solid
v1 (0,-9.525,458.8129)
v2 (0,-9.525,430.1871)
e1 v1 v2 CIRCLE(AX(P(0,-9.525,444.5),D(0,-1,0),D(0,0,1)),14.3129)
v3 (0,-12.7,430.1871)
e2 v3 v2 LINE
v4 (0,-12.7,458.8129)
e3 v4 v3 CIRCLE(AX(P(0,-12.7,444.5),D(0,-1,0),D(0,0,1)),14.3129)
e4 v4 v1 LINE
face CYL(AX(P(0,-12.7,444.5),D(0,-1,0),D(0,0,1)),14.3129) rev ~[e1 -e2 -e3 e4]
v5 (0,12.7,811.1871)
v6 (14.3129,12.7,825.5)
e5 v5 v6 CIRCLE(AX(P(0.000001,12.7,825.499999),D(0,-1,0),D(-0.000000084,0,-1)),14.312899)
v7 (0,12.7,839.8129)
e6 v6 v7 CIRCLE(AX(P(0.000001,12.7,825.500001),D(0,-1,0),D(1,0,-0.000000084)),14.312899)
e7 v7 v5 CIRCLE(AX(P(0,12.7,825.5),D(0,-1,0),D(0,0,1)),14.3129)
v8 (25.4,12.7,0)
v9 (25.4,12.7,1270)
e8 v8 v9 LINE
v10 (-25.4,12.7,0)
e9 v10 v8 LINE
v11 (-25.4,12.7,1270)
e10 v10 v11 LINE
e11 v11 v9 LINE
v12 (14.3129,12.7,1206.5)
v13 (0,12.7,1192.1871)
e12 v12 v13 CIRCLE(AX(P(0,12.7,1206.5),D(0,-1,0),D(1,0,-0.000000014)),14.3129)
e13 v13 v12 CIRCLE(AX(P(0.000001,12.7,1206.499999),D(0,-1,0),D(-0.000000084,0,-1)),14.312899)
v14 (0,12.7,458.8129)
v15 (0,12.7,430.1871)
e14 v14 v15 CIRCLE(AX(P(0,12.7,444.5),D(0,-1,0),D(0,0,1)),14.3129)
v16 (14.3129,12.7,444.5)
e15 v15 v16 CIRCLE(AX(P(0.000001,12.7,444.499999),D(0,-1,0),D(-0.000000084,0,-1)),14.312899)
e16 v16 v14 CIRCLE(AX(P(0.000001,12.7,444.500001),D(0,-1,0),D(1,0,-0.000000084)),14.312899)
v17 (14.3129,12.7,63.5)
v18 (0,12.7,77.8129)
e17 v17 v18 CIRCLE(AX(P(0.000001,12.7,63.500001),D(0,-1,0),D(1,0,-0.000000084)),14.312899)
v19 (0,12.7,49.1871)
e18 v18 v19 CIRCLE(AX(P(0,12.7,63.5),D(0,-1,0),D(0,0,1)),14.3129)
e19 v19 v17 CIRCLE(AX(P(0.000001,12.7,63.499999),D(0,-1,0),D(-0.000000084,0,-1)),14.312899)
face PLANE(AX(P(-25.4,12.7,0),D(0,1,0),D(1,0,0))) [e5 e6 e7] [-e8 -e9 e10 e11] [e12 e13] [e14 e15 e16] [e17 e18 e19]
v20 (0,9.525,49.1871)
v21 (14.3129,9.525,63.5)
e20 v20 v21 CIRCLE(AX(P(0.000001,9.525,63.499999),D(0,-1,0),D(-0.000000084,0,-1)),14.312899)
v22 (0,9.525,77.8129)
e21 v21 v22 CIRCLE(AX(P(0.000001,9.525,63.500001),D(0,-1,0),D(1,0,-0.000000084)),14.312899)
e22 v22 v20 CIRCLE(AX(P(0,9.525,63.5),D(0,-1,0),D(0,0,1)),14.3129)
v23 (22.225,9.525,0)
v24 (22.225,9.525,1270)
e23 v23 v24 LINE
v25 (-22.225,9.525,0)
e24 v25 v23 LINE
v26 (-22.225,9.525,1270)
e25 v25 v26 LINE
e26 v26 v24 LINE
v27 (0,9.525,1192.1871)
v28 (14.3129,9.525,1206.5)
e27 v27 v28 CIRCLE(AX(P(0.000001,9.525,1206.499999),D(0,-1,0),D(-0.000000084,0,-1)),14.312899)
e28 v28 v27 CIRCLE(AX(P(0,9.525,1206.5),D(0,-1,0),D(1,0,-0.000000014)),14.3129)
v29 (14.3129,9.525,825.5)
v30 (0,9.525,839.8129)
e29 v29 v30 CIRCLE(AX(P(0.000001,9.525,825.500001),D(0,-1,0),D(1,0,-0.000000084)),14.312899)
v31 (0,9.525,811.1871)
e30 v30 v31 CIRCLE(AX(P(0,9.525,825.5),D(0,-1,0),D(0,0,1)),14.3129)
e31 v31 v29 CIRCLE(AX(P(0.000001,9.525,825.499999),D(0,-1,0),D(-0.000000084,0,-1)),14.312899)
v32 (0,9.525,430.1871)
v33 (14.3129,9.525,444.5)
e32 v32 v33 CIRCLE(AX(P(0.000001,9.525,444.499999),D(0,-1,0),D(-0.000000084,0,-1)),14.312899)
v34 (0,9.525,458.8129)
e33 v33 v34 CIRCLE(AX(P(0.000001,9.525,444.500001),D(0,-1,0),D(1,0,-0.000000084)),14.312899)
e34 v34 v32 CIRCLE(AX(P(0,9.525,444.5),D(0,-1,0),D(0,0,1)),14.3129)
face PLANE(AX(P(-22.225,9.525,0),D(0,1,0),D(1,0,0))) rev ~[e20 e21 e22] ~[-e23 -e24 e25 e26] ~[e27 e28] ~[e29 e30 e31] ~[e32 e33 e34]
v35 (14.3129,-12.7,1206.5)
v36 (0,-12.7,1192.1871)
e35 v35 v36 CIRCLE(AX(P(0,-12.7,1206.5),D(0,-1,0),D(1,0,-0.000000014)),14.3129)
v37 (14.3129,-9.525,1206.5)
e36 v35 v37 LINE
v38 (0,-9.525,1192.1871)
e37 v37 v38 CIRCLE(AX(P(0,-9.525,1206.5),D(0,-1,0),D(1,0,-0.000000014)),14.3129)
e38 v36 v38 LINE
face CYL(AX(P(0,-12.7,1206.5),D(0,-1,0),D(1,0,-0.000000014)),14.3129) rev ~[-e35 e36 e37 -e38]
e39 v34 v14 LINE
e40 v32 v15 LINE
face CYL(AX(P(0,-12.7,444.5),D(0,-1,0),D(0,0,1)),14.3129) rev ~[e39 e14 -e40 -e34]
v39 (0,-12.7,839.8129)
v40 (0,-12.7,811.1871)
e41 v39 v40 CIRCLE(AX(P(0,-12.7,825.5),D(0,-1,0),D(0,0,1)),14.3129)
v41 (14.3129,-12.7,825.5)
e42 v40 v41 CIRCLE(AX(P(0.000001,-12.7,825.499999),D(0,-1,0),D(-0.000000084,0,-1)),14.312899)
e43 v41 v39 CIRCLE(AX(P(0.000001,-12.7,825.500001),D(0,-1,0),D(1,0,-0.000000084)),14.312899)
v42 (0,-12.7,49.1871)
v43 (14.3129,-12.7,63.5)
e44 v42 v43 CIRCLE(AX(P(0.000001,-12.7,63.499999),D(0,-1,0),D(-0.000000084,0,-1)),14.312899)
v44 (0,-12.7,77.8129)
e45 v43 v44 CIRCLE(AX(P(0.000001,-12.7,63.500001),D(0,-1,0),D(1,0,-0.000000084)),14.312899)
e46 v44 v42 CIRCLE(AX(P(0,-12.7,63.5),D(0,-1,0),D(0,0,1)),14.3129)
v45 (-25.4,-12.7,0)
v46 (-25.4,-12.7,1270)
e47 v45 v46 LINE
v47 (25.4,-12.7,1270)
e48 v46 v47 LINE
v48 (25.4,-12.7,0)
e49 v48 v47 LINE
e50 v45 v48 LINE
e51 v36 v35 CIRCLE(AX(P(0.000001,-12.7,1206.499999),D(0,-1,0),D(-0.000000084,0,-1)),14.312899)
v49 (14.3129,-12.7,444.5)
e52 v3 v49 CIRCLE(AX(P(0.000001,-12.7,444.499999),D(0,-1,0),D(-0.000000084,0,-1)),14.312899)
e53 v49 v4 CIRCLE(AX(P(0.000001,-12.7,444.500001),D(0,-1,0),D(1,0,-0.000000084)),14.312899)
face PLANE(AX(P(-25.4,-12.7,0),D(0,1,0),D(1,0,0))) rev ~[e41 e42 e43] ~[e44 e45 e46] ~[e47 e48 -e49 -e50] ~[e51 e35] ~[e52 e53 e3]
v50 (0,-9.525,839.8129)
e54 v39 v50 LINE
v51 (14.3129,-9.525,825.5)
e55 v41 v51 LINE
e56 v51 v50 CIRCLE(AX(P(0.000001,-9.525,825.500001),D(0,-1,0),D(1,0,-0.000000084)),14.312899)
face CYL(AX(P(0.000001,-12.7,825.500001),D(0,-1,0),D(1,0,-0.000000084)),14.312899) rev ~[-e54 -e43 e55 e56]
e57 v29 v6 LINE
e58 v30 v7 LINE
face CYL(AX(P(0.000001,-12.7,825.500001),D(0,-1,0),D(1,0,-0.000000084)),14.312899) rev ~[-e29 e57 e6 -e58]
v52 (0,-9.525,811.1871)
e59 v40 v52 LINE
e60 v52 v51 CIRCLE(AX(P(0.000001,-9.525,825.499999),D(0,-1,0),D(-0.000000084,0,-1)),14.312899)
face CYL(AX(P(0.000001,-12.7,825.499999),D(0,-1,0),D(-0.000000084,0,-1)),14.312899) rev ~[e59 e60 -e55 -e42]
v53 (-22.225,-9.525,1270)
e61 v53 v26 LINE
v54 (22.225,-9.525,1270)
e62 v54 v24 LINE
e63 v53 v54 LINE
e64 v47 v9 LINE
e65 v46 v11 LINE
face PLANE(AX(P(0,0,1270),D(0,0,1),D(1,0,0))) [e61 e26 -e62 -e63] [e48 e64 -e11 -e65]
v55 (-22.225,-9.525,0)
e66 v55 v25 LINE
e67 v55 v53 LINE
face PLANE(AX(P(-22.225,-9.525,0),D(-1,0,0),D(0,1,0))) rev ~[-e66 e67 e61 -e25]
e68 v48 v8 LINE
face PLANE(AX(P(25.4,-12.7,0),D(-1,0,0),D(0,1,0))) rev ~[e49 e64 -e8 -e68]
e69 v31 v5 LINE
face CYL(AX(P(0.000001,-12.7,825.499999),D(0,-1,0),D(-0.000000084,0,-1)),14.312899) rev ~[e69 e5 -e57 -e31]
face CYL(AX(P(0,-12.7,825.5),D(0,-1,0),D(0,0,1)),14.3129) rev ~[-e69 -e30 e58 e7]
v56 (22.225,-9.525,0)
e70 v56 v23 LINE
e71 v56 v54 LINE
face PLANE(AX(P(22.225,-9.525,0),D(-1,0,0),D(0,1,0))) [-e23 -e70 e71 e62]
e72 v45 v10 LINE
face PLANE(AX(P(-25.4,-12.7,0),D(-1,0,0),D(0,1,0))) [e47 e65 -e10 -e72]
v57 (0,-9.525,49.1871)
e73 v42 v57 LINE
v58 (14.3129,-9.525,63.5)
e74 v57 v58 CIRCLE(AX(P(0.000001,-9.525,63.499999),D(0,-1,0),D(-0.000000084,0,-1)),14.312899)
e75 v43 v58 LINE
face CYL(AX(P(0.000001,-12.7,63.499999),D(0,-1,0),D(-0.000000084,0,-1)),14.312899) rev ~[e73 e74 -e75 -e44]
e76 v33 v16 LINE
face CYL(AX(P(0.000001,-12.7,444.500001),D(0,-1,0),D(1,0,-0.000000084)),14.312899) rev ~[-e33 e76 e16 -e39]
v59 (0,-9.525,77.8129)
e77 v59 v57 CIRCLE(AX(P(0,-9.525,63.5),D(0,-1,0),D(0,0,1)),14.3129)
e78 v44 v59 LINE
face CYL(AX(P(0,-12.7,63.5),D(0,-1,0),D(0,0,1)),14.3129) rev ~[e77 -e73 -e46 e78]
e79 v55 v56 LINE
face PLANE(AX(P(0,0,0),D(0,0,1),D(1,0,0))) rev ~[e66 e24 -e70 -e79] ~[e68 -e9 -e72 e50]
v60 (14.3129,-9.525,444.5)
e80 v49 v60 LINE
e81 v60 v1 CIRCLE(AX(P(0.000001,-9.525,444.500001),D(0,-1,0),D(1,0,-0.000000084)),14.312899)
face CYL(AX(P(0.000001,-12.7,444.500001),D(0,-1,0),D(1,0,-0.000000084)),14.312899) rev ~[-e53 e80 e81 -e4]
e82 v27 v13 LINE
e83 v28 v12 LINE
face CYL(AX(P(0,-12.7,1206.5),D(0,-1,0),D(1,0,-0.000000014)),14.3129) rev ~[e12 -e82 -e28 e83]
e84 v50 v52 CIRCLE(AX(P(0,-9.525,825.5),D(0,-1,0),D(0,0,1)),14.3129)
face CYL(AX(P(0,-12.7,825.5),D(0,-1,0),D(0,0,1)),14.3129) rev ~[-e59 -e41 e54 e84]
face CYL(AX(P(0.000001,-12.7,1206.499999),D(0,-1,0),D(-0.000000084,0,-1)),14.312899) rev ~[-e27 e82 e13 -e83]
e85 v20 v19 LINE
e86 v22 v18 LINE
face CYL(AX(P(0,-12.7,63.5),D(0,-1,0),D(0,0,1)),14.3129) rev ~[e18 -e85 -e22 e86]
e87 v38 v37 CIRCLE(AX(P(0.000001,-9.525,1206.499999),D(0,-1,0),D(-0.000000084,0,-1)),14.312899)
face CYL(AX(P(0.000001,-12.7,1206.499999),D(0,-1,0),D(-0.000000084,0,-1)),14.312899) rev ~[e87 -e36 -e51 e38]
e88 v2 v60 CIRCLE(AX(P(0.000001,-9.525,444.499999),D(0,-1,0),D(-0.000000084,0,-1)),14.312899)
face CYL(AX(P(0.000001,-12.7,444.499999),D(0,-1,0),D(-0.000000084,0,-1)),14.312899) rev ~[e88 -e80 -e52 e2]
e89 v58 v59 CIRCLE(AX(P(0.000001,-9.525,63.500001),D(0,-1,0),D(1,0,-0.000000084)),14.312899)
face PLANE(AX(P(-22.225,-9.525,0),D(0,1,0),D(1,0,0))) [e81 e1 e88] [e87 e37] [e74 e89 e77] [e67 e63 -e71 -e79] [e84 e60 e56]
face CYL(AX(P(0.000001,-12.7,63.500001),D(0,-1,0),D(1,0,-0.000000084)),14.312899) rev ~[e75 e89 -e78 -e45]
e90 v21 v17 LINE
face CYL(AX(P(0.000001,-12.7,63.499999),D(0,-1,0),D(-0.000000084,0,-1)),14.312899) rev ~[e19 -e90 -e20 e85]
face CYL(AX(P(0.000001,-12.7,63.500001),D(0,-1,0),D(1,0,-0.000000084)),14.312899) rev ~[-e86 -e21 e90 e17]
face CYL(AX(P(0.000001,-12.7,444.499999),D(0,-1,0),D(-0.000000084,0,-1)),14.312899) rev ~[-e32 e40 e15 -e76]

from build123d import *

# Parameters (mm, degrees)
F0_W     = 50.8
F0_H     = 25.4
F0_W_2   = 44.45
F0_H_2   = 19.05
F1_DEPTH = 1270
F3_DEPTH = 25.4


with BuildPart() as f1:
    # F0 (on Top) → F1 (new body)
    with BuildSketch(Plane.XY):
        Rectangle(F0_W, F0_H)
        Rectangle(F0_W_2, F0_H_2, mode=Mode.SUBTRACT)
    extrude(amount=F1_DEPTH)

    # F2 (on face) → F3 (cut)
    with BuildSketch(Plane.XZ.offset(12.7)):
        with BuildLine():
            ThreePointArc((14.3129, 1206.5), (-10.120749, 1216.620749), (0, 1192.1871))
            ThreePointArc((0, 1192.1871), (10.120749, 1196.379251), (14.3129, 1206.5))
        make_face()
        with BuildLine():
            Line((0, 825.5), (0, 811.1871))
            ThreePointArc((0, 811.1871), (10.120749, 815.379251), (14.3129, 825.5))
            ThreePointArc((14.3129, 825.5), (10.120749, 835.620749), (0, 839.8129))
            Line((0, 839.8129), (0, 825.5))
        make_face()
        with BuildLine():
            ThreePointArc((0, 839.8129), (-14.3129, 825.5), (0, 811.1871))
            Line((0, 811.1871), (0, 825.5))
            Line((0, 825.5), (0, 839.8129))
        make_face()
        with BuildLine():
            Line((0, 444.5), (0, 430.1871))
            ThreePointArc((0, 430.1871), (10.120749, 434.379251), (14.3129, 444.5))
            ThreePointArc((14.3129, 444.5), (10.120749, 454.620749), (0, 458.8129))
            Line((0, 458.8129), (0, 444.5))
        make_face()
        with BuildLine():
            ThreePointArc((0, 458.8129), (-14.3129, 444.5), (0, 430.1871))
            Line((0, 430.1871), (0, 444.5))
            Line((0, 444.5), (0, 458.8129))
        make_face()
        with BuildLine():
            Line((0, 63.5), (0, 49.1871))
            ThreePointArc((0, 49.1871), (10.120749, 53.379251), (14.3129, 63.5))
            ThreePointArc((14.3129, 63.5), (10.120749, 73.620749), (0, 77.8129))
            Line((0, 77.8129), (0, 63.5))
        make_face()
        with BuildLine():
            ThreePointArc((0, 77.8129), (-14.3129, 63.5), (0, 49.1871))
            Line((0, 49.1871), (0, 63.5))
            Line((0, 63.5), (0, 77.8129))
        make_face()
    extrude(amount=-F3_DEPTH, mode=Mode.SUBTRACT)


solid = f1.part
